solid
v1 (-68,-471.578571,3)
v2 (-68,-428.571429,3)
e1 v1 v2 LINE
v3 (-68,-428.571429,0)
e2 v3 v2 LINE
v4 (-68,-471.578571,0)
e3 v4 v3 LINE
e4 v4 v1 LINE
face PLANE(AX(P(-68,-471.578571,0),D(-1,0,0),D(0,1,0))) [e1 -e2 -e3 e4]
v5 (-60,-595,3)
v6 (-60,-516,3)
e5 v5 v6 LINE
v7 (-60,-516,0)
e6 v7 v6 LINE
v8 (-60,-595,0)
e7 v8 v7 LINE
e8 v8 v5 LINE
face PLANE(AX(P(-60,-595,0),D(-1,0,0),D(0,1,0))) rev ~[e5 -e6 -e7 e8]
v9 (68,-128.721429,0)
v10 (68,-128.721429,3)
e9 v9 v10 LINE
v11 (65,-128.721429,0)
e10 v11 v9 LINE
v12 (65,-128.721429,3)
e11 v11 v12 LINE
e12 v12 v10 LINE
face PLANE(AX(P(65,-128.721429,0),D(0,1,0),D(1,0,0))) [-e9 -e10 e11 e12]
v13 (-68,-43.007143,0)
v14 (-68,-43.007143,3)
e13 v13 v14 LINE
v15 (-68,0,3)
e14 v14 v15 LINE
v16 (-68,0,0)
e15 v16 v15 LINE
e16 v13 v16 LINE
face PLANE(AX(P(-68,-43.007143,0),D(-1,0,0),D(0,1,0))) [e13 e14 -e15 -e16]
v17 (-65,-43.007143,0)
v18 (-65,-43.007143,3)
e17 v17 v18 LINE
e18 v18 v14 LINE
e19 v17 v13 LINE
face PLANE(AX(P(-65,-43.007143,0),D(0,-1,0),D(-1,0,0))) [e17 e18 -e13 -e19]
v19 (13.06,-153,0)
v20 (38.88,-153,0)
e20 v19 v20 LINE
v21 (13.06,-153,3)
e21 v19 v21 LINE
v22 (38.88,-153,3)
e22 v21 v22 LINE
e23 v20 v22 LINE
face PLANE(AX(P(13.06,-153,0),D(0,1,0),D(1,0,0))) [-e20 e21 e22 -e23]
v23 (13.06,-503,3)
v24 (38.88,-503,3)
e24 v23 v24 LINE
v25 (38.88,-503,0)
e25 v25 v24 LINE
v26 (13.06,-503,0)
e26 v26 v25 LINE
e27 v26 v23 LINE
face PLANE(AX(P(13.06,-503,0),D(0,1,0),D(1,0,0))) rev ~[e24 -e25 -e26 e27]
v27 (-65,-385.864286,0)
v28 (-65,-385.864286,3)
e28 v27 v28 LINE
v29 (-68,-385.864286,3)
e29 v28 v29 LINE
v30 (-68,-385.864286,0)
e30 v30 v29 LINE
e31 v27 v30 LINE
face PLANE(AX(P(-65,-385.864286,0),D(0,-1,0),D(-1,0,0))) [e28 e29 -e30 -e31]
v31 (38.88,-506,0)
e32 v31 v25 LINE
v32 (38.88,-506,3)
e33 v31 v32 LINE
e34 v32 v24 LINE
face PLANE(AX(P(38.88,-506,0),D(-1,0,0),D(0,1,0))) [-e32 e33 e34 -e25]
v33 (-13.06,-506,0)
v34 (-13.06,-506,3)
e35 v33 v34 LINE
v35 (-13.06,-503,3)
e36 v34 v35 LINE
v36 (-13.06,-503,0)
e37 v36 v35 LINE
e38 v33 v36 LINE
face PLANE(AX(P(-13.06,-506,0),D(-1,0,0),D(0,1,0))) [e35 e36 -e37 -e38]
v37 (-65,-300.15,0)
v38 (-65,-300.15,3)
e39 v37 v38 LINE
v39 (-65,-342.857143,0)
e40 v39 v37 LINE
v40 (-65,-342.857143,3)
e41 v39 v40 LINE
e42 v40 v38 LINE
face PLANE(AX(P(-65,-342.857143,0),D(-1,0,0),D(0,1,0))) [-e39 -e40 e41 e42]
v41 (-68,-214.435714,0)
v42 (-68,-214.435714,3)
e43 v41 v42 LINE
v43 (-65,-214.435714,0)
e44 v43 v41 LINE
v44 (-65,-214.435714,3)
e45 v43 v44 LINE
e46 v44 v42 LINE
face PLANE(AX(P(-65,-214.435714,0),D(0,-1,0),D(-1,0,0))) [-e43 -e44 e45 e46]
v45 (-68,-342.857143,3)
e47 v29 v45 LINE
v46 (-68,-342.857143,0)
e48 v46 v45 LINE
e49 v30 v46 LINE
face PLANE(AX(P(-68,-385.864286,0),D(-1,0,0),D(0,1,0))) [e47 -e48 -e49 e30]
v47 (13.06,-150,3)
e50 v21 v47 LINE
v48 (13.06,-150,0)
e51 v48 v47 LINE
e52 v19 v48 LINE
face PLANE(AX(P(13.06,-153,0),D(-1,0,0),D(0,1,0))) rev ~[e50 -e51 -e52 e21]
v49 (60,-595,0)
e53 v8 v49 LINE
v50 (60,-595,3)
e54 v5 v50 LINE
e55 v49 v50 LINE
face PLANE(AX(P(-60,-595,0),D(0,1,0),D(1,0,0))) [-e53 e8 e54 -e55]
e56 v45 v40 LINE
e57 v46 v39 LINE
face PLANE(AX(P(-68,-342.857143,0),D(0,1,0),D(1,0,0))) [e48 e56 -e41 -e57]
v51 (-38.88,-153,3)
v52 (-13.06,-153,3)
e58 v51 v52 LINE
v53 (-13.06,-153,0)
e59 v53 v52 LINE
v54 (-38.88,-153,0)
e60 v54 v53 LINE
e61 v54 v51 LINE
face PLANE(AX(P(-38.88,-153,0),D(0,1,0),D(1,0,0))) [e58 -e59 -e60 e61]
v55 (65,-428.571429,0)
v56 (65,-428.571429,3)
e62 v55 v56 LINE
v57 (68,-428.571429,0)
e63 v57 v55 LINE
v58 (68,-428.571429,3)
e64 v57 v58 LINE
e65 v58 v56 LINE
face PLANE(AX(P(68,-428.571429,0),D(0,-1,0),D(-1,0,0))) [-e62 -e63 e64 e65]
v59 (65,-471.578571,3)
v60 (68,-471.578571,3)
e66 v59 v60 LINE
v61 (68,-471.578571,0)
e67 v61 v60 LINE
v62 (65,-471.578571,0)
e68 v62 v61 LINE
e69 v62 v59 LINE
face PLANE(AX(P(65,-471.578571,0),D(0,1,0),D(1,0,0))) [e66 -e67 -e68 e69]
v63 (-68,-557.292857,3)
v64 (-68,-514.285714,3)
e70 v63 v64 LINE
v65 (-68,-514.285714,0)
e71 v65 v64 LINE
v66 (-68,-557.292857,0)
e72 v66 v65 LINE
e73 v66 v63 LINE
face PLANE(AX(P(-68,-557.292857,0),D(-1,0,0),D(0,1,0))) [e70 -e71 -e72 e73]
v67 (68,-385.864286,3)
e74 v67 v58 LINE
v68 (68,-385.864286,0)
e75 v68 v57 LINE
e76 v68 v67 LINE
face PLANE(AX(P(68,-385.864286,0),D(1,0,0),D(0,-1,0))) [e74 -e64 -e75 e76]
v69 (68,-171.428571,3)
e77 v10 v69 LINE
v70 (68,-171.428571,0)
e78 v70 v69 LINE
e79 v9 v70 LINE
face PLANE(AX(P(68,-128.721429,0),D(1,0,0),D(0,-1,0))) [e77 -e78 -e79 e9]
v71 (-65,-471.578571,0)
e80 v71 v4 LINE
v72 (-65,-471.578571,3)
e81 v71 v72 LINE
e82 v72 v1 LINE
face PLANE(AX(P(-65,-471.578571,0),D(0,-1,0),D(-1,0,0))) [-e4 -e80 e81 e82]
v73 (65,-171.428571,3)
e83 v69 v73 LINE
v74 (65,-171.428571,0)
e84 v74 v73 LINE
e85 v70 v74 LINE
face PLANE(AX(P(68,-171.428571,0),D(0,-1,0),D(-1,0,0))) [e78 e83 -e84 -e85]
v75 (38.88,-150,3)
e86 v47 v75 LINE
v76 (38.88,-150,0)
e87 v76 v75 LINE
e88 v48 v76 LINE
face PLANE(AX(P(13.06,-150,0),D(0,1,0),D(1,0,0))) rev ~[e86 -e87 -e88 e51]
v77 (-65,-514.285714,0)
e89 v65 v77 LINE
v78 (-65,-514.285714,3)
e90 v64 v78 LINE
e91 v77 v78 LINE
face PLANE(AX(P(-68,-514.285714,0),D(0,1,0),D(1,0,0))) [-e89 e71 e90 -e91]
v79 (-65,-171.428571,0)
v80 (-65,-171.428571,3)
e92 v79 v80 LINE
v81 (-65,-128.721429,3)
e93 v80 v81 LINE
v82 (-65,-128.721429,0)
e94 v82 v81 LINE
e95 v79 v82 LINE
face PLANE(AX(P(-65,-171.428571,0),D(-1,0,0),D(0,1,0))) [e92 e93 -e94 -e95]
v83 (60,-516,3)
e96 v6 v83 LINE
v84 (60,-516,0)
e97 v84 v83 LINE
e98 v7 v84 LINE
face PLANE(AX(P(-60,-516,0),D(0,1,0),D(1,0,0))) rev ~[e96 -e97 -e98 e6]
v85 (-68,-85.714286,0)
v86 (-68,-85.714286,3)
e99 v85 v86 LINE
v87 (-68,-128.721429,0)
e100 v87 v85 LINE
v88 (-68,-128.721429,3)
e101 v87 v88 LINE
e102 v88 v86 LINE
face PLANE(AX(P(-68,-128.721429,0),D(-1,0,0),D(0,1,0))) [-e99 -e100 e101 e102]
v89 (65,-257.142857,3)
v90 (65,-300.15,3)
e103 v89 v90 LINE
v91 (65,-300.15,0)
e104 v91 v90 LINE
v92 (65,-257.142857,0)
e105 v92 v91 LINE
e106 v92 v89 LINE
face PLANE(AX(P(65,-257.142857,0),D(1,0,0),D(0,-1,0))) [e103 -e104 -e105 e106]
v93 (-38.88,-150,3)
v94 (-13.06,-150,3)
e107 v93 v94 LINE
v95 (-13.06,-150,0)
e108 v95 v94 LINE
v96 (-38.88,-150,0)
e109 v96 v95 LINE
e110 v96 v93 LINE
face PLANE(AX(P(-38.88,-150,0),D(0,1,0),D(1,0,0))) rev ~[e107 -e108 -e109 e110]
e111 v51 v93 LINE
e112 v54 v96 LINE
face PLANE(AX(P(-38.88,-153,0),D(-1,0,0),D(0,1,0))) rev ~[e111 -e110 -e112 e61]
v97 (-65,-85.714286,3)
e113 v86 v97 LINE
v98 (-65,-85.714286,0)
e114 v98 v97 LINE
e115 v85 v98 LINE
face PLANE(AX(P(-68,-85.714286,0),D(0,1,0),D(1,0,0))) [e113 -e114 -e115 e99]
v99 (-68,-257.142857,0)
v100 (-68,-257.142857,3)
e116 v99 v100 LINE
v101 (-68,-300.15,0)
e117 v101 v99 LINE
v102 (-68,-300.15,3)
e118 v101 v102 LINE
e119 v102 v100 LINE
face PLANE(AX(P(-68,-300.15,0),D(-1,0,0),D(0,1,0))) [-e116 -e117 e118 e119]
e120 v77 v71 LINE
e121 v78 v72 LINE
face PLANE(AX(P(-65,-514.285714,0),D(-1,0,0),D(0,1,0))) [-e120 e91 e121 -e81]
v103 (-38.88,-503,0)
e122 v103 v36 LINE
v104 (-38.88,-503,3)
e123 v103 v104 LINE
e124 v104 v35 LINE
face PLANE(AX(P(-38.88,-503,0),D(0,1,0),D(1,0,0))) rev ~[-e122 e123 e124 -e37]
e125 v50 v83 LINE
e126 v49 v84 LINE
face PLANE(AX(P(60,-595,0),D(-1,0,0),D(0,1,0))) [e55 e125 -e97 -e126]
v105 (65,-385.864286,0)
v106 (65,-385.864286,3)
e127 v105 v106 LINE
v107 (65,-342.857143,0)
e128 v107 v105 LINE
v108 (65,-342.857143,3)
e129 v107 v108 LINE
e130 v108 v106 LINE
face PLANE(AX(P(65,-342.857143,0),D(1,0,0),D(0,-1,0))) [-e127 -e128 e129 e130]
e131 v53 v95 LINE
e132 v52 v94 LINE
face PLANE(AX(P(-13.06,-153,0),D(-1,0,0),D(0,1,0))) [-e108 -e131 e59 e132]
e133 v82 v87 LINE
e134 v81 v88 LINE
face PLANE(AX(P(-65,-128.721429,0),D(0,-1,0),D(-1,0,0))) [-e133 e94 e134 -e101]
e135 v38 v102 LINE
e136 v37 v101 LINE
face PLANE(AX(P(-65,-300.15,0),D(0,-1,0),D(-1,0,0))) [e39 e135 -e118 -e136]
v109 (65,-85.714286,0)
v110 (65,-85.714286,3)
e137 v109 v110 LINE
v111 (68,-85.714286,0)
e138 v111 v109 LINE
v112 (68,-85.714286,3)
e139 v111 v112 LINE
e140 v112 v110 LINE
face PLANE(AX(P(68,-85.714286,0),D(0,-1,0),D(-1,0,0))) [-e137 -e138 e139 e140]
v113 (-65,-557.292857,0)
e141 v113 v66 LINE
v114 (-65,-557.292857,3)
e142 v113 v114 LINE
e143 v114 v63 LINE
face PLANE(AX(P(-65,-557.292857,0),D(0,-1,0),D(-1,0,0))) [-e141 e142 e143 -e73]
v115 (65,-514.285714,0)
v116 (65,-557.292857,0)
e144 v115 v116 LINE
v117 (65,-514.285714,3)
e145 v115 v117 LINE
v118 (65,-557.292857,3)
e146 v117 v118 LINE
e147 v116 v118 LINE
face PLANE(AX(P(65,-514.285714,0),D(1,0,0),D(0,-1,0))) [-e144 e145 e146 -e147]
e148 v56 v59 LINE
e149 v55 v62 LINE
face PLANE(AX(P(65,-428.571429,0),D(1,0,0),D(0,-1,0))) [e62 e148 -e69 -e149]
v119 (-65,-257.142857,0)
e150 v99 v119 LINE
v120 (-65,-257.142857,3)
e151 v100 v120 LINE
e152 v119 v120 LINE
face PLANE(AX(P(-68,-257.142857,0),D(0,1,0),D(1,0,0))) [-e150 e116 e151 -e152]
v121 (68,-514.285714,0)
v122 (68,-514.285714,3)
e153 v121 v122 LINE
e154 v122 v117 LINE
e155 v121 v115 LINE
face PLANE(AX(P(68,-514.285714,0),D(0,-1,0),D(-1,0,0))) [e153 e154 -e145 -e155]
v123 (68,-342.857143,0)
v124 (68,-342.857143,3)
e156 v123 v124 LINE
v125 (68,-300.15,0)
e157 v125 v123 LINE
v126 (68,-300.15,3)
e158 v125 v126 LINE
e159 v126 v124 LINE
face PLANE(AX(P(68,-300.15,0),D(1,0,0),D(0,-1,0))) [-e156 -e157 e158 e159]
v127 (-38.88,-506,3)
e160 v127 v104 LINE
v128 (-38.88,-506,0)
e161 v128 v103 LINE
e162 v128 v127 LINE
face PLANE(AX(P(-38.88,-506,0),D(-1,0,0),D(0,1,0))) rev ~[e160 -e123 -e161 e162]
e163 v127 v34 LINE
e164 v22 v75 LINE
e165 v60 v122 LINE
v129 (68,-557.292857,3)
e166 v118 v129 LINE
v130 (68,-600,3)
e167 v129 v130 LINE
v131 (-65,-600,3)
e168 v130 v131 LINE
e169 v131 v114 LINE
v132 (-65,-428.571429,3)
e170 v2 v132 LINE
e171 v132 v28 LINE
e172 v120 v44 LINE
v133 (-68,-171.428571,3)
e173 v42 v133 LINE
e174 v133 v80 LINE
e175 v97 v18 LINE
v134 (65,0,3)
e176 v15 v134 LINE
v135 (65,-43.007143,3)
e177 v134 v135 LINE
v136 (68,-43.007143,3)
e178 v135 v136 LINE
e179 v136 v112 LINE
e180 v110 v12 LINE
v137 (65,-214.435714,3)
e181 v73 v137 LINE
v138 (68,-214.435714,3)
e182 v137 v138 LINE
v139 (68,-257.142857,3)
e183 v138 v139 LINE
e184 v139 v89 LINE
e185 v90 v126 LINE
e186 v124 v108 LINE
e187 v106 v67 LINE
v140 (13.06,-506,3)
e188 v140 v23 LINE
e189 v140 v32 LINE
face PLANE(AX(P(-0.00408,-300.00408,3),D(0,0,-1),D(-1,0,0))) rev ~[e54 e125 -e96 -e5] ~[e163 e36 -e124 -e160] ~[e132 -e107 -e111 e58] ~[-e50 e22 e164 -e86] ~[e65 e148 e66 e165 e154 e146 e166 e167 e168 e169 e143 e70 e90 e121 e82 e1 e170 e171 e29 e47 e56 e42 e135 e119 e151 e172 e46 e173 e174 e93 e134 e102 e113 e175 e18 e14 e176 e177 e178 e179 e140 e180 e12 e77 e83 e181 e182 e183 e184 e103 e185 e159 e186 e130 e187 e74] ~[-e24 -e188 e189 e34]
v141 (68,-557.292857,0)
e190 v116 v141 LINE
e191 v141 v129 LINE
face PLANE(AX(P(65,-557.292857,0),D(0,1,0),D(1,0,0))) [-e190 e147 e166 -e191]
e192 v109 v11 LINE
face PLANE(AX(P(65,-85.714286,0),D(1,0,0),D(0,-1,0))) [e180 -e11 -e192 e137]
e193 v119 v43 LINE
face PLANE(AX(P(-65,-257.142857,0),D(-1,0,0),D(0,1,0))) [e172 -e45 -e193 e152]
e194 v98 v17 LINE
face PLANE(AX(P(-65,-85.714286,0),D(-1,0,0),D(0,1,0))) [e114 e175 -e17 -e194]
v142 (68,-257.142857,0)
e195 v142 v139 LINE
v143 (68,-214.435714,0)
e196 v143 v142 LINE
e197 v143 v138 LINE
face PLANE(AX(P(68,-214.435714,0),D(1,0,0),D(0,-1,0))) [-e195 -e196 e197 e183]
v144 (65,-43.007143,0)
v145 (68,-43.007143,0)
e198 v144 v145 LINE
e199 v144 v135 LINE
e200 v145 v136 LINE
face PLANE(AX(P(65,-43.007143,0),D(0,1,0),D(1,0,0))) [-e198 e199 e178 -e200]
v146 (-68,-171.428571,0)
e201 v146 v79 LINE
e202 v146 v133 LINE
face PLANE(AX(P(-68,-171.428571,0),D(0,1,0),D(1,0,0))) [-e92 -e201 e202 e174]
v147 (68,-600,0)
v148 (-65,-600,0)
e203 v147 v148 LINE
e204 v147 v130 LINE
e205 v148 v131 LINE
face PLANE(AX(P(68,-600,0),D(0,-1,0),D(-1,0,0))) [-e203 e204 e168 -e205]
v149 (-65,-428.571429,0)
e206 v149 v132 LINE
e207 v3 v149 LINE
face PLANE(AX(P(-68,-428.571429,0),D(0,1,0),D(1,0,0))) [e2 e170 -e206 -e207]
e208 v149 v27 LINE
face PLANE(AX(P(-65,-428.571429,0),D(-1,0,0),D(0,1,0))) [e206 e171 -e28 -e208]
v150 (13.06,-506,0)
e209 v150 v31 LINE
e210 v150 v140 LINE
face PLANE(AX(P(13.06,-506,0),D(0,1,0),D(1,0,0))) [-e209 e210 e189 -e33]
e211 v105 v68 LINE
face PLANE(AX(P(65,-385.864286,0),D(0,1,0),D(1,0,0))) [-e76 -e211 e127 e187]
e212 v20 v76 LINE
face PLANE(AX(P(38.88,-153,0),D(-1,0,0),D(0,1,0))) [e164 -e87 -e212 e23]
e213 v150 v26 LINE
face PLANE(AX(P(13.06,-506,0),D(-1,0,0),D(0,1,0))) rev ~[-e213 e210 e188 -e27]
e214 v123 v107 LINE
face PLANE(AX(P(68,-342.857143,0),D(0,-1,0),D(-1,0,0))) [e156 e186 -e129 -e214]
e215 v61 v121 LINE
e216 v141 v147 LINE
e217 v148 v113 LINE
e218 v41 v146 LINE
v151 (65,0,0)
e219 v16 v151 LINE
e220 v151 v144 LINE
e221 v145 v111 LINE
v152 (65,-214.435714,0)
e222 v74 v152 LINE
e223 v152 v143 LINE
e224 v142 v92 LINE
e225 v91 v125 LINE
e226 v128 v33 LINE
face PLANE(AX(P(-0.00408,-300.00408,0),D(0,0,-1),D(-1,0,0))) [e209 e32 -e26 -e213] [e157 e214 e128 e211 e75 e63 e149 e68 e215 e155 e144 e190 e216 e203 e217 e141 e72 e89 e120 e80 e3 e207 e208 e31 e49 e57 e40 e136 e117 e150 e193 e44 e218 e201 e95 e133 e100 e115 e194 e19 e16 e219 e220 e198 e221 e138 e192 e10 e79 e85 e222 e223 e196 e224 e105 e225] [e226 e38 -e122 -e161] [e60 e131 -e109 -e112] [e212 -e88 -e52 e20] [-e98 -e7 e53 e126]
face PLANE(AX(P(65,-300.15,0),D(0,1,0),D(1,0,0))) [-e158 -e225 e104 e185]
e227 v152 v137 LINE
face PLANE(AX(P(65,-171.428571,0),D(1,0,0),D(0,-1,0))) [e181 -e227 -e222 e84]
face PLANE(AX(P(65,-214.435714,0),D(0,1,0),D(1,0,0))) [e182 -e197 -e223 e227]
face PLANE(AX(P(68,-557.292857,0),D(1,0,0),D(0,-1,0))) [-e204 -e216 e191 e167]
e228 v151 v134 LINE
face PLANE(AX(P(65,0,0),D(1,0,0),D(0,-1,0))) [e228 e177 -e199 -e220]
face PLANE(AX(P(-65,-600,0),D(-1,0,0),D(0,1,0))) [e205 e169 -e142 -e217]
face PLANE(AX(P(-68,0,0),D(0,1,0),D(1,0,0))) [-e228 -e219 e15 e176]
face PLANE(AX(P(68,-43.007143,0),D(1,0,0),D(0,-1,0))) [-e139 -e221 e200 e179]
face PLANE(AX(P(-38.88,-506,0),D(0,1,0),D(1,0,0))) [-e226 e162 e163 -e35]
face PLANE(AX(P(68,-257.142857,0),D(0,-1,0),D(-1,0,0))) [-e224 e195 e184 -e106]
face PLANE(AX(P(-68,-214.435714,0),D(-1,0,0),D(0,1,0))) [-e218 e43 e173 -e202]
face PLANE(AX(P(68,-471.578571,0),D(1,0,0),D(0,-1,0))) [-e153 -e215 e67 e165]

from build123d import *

# Parameters (mm, degrees)
SKETCH1_W           = 120
SKETCH1_H           = 79
SKETCH1_W_2         = 25.82
SKETCH1_H_2         = 3
BOSS_EXTRUDE1_DEPTH = 3


with BuildPart() as part:
    # Sketch1 → Boss-Extrude1 (new body)
    with BuildSketch(Plane.XY):
        Polygon((-68, 0), (65, 0), (65, -43.007142857), (68, -43.007142857), (68, -85.714285714), (65, -85.714285714), (65, -128.721428571), (68, -128.721428571), (68, -171.428571429), (65, -171.428571429), (65, -214.435714286), (68, -214.435714286), (68, -257.142857143), (65, -257.142857143), (65, -300.15), (68, -300.15), (68, -342.857142857), (65, -342.857142857), (65, -385.864285714), (68, -385.864285714), (68, -428.571428571), (65, -428.571428571), (65, -471.578571429), (68, -471.578571429), (68, -514.285714286), (65, -514.285714286), (65, -557.292857143), (68, -557.292857143), (68, -600), (-65, -600), (-65, -557.292857143), (-68, -557.292857143), (-68, -514.285714286), (-65, -514.285714286), (-65, -471.578571429), (-68, -471.578571429), (-68, -428.571428571), (-65, -428.571428571), (-65, -385.864285714), (-68, -385.864285714), (-68, -342.857142857), (-65, -342.857142857), (-65, -300.15), (-68, -300.15), (-68, -257.142857143), (-65, -257.142857143), (-65, -214.435714286), (-68, -214.435714286), (-68, -171.428571429), (-65, -171.428571429), (-65, -128.721428571), (-68, -128.721428571), (-68, -85.714285714), (-65, -85.714285714), (-65, -43.007142857), (-68, -43.007142857), align=None)
        with Locations((0, -555.5)):
            Rectangle(SKETCH1_W, SKETCH1_H, mode=Mode.SUBTRACT)
        with Locations((-25.97, -151.5)):
            Rectangle(SKETCH1_W_2, SKETCH1_H_2, mode=Mode.SUBTRACT)
        with Locations((25.97, -151.5)):
            Rectangle(SKETCH1_W_2, SKETCH1_H_2, mode=Mode.SUBTRACT)
        with Locations((-25.97, -504.5)):
            Rectangle(SKETCH1_W_2, SKETCH1_H_2, mode=Mode.SUBTRACT)
        with Locations((25.97, -504.5)):
            Rectangle(SKETCH1_W_2, SKETCH1_H_2, mode=Mode.SUBTRACT)
    extrude(amount=BOSS_EXTRUDE1_DEPTH)


solid = part.part
